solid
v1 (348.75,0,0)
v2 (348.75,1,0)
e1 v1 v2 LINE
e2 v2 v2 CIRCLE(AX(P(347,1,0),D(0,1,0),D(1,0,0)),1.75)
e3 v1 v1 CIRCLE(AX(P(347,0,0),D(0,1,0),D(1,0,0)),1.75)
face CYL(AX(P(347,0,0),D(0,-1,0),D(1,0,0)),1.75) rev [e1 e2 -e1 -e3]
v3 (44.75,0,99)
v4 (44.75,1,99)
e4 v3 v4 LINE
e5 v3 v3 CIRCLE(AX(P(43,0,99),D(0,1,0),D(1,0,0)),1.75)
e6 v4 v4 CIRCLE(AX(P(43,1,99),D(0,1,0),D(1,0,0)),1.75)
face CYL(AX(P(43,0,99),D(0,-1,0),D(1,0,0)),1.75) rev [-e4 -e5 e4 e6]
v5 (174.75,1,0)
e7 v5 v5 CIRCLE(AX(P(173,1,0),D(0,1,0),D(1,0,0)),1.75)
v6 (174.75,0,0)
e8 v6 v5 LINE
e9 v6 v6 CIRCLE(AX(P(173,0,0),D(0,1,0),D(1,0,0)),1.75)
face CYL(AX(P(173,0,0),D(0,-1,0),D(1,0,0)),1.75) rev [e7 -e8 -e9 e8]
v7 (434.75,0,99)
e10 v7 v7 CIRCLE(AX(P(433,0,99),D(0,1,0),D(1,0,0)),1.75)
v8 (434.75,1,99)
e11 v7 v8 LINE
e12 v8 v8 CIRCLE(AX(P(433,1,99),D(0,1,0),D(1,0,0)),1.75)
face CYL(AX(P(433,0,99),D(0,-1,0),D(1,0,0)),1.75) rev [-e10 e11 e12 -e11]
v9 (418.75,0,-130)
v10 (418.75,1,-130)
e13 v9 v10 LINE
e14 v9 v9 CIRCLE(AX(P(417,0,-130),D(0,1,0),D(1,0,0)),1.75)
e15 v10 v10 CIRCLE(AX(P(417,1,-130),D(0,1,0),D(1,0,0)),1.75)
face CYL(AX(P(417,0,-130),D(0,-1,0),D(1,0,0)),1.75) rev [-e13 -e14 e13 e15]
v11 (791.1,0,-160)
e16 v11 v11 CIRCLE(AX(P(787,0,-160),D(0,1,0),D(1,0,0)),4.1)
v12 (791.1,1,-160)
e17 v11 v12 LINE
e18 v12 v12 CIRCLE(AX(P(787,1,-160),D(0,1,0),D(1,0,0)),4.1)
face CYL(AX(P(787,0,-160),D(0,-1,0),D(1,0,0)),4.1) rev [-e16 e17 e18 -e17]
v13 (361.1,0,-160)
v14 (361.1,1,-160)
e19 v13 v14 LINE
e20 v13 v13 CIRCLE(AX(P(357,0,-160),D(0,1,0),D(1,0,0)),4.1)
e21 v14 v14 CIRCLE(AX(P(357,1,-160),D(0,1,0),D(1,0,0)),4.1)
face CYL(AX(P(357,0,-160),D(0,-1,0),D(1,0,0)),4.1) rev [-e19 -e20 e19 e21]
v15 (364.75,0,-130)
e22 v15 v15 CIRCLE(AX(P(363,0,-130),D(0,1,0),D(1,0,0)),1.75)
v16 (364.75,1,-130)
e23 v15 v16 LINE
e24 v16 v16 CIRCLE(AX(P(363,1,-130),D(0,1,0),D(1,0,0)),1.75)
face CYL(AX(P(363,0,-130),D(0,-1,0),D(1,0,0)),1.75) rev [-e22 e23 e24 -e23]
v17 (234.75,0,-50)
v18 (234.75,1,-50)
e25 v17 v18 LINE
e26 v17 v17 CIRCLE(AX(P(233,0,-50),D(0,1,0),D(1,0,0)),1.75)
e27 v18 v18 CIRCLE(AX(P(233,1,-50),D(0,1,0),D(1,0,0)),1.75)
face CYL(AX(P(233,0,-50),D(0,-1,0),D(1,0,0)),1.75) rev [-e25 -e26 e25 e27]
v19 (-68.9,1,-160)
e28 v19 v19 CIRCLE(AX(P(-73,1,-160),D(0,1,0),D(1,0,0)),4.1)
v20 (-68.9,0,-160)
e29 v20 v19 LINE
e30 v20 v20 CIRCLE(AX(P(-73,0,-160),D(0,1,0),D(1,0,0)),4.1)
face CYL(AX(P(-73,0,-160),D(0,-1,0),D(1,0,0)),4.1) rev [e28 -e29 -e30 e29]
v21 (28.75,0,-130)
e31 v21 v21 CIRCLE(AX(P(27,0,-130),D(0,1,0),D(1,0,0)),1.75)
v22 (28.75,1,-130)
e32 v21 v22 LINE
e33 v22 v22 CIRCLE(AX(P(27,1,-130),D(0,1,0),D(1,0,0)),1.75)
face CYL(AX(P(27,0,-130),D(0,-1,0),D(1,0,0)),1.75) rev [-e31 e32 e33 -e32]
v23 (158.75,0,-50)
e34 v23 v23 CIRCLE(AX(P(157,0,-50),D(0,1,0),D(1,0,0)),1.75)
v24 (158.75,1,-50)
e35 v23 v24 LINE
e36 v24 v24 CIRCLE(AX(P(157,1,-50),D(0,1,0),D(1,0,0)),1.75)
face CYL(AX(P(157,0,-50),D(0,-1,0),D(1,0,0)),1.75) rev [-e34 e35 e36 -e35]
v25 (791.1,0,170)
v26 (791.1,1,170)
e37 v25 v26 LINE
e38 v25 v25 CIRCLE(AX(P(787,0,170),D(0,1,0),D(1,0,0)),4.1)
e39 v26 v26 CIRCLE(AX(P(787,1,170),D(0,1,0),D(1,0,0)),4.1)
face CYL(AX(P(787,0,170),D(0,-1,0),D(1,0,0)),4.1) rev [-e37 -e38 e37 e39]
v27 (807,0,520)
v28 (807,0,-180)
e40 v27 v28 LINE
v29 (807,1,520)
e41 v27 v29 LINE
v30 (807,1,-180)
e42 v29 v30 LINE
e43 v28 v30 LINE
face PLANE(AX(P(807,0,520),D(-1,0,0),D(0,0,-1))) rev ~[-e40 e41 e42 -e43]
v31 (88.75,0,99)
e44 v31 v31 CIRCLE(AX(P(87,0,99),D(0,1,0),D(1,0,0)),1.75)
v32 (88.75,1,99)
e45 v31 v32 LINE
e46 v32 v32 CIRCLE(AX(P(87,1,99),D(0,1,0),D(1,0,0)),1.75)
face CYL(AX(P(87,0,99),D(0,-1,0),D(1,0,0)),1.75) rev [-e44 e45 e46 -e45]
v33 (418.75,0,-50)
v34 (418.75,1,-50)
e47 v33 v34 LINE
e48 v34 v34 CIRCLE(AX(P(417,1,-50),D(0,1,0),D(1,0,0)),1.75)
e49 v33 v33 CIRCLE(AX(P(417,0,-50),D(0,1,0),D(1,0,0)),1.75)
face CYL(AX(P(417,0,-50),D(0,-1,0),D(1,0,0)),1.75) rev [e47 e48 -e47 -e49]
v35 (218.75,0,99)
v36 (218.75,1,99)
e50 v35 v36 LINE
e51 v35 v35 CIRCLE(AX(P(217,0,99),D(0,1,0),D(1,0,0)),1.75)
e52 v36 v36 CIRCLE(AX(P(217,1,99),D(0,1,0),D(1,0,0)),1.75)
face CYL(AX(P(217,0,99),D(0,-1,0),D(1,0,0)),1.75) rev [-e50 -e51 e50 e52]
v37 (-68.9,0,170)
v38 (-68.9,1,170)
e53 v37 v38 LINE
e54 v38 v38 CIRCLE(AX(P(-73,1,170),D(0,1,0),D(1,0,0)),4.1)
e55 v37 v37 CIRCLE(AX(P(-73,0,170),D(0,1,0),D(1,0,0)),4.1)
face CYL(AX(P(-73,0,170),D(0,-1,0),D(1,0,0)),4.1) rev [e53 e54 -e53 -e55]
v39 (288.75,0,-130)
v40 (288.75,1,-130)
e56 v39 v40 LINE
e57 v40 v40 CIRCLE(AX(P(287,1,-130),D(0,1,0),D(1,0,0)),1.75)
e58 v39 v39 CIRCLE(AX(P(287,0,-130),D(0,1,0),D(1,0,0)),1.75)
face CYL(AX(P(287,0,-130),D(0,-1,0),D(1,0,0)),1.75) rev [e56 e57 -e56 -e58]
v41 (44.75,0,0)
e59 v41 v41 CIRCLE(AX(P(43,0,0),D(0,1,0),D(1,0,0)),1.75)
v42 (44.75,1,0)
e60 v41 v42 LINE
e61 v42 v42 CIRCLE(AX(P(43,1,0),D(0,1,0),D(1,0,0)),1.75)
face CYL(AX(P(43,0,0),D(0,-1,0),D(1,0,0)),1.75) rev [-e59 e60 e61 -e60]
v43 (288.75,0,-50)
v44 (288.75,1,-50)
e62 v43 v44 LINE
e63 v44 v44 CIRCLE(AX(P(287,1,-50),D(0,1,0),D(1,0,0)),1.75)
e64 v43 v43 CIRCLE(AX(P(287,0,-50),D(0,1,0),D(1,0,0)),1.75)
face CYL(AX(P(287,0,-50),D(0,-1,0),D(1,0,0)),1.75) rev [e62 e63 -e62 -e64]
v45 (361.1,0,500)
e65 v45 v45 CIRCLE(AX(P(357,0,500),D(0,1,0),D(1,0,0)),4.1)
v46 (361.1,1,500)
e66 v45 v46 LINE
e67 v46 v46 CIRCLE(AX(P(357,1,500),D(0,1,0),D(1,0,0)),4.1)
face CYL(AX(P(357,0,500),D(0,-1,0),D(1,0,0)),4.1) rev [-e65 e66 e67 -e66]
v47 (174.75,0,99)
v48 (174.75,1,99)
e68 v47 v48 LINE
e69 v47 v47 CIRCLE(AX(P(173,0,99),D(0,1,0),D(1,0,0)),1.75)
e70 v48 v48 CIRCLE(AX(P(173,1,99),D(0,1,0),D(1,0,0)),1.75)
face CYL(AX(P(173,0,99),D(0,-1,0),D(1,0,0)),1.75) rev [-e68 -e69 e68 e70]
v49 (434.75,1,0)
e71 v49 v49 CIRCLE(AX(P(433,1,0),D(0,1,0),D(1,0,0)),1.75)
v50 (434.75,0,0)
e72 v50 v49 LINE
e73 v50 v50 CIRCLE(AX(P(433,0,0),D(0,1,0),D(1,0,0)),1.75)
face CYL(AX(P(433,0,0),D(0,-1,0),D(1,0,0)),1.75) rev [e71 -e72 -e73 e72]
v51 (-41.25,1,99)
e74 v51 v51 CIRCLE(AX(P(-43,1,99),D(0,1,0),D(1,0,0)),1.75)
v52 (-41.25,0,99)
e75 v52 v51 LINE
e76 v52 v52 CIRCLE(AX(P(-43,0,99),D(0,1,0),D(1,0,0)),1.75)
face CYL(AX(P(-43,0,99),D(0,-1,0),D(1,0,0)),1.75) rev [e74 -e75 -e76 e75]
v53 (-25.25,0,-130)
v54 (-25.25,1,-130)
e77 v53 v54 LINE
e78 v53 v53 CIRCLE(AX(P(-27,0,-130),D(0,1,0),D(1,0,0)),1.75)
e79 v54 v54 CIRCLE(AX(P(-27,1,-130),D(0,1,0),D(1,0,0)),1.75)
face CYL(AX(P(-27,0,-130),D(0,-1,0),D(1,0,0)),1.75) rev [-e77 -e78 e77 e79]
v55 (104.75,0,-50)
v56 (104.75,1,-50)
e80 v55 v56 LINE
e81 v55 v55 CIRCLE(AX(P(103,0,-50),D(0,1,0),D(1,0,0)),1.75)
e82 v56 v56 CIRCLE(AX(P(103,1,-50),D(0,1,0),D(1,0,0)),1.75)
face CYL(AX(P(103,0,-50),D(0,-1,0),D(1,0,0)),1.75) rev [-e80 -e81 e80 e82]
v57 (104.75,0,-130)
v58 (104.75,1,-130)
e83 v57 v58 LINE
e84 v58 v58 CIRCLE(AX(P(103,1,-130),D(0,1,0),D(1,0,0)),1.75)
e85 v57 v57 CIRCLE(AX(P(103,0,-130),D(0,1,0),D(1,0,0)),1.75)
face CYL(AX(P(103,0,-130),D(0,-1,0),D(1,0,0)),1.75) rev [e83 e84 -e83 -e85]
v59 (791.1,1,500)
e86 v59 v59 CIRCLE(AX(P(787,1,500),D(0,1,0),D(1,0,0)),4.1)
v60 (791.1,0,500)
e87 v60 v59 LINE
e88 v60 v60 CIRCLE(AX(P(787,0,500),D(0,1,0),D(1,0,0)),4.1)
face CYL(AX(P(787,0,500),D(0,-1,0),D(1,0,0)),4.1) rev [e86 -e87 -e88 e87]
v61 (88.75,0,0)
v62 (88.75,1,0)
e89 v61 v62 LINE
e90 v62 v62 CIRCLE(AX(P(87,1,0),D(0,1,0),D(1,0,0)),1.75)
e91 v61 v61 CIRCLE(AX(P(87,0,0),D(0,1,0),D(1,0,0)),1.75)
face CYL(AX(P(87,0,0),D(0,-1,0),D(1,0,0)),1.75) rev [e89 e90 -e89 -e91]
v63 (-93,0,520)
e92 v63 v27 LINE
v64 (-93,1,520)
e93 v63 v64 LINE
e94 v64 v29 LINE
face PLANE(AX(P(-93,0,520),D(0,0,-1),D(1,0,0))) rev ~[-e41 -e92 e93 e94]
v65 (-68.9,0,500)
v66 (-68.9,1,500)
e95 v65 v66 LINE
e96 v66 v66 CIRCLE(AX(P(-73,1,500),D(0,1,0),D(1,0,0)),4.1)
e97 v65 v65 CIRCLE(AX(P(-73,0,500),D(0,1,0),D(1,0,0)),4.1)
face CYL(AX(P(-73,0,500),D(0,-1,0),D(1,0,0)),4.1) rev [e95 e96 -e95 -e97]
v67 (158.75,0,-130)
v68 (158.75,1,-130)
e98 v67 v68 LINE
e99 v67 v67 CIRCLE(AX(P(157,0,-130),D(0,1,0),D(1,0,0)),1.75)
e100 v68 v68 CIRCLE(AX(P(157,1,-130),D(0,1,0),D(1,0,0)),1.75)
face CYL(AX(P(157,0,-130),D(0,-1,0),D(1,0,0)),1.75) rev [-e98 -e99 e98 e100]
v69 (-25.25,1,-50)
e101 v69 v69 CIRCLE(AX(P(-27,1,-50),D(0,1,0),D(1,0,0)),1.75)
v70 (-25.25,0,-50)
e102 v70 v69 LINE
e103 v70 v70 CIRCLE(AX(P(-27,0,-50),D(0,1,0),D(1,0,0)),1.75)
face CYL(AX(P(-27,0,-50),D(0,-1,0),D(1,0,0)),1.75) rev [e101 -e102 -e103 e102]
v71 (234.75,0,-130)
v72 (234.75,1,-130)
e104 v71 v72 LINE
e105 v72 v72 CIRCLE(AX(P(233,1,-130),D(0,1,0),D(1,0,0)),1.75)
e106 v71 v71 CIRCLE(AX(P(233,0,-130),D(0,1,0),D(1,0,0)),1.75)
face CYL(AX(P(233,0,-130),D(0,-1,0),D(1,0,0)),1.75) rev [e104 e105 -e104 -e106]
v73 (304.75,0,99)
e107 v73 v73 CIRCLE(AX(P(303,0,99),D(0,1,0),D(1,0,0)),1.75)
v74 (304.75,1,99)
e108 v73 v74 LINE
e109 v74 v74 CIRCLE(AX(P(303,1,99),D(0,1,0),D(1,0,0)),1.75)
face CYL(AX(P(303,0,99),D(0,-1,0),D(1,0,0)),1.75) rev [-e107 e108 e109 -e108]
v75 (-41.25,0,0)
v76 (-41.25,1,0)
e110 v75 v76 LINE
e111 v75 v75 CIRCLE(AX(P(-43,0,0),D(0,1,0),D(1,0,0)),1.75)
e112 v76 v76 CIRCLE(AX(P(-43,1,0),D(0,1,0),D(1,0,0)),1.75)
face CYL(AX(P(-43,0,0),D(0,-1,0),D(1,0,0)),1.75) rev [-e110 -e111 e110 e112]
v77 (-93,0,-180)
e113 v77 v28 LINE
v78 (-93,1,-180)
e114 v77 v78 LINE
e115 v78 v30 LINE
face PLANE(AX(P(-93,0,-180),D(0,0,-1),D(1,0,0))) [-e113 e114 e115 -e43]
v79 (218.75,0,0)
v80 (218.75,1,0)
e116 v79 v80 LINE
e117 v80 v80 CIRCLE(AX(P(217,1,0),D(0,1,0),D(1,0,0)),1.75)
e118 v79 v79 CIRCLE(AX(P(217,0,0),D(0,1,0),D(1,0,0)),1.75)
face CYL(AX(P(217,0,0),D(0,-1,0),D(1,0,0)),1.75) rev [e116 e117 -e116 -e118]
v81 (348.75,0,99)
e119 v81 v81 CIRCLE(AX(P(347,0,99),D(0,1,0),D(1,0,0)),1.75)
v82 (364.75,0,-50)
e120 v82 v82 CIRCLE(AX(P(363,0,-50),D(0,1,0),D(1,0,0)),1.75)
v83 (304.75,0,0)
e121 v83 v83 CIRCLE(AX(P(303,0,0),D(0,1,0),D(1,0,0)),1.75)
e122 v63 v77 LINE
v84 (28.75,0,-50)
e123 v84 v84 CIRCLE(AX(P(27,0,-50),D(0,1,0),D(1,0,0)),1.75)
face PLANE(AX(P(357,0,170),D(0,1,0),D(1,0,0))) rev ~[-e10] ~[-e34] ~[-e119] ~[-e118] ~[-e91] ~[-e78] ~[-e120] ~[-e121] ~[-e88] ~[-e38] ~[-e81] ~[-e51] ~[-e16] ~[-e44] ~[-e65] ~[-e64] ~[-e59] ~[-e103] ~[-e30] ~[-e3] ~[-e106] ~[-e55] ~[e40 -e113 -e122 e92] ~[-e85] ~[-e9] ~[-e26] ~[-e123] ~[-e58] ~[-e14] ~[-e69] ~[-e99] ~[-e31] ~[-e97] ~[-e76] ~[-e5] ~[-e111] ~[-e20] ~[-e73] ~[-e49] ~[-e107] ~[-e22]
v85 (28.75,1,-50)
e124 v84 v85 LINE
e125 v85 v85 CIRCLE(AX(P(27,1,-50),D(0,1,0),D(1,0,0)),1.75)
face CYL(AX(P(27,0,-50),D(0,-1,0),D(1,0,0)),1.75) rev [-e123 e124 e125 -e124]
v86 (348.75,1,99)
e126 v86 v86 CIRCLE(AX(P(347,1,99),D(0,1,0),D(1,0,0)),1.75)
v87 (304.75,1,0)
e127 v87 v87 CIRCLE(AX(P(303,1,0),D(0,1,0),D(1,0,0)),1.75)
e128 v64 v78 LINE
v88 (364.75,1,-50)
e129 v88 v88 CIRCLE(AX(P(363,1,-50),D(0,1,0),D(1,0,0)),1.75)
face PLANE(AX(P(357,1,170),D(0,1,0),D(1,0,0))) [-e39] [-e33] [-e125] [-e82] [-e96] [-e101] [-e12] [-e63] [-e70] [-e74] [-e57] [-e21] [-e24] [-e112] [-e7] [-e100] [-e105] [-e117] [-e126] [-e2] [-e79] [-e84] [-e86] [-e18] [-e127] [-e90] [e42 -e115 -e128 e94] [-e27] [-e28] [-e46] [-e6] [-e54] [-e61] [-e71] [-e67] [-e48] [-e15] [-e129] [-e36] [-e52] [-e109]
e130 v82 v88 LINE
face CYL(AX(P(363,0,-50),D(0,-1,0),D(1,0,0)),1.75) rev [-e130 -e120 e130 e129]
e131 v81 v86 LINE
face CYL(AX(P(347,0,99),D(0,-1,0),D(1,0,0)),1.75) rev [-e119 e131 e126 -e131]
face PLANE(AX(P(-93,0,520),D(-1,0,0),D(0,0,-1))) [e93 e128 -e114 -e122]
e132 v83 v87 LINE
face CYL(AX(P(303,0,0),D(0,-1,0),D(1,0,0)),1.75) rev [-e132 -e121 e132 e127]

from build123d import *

# Parameters (mm, degrees)
SKETCH1_W           = 900
SKETCH1_H           = 700
SKETCH1_R           = 1.75
SKETCH1_R_2         = 4.1
BOSS_EXTRUDE1_DEPTH = 1


with BuildPart() as part:
    # Sketch1 → Boss-Extrude1 (new body)
    with BuildSketch(Plane(origin=(0, 0, 0), x_dir=(1, 0, 0), z_dir=(0, 1, 0))):
        with Locations((357, -170)):
            Rectangle(SKETCH1_W, SKETCH1_H)
        with Locations((-27, 130)):
            Circle(SKETCH1_R, mode=Mode.SUBTRACT)
        with Locations((27, 130)):
            Circle(SKETCH1_R, mode=Mode.SUBTRACT)
        with Locations((27, 50)):
            Circle(SKETCH1_R, mode=Mode.SUBTRACT)
        with Locations((-27, 50)):
            Circle(SKETCH1_R, mode=Mode.SUBTRACT)
        with Locations((-43, 0)):
            Circle(SKETCH1_R, mode=Mode.SUBTRACT)
        with Locations((43, 0)):
            Circle(SKETCH1_R, mode=Mode.SUBTRACT)
        with Locations((43, -99)):
            Circle(SKETCH1_R, mode=Mode.SUBTRACT)
        with Locations((-43, -99)):
            Circle(SKETCH1_R, mode=Mode.SUBTRACT)
        with Locations((103, 130)):
            Circle(SKETCH1_R, mode=Mode.SUBTRACT)
        with Locations((157, 130)):
            Circle(SKETCH1_R, mode=Mode.SUBTRACT)
        with Locations((157, 50)):
            Circle(SKETCH1_R, mode=Mode.SUBTRACT)
        with Locations((103, 50)):
            Circle(SKETCH1_R, mode=Mode.SUBTRACT)
        with Locations((87, 0)):
            Circle(SKETCH1_R, mode=Mode.SUBTRACT)
        with Locations((173, 0)):
            Circle(SKETCH1_R, mode=Mode.SUBTRACT)
        with Locations((173, -99)):
            Circle(SKETCH1_R, mode=Mode.SUBTRACT)
        with Locations((87, -99)):
            Circle(SKETCH1_R, mode=Mode.SUBTRACT)
        with Locations((233, 130)):
            Circle(SKETCH1_R, mode=Mode.SUBTRACT)
        with Locations((287, 130)):
            Circle(SKETCH1_R, mode=Mode.SUBTRACT)
        with Locations((287, 50)):
            Circle(SKETCH1_R, mode=Mode.SUBTRACT)
        with Locations((233, 50)):
            Circle(SKETCH1_R, mode=Mode.SUBTRACT)
        with Locations((217, 0)):
            Circle(SKETCH1_R, mode=Mode.SUBTRACT)
        with Locations((303, 0)):
            Circle(SKETCH1_R, mode=Mode.SUBTRACT)
        with Locations((303, -99)):
            Circle(SKETCH1_R, mode=Mode.SUBTRACT)
        with Locations((217, -99)):
            Circle(SKETCH1_R, mode=Mode.SUBTRACT)
        with Locations((363, 130)):
            Circle(SKETCH1_R, mode=Mode.SUBTRACT)
        with Locations((417, 130)):
            Circle(SKETCH1_R, mode=Mode.SUBTRACT)
        with Locations((417, 50)):
            Circle(SKETCH1_R, mode=Mode.SUBTRACT)
        with Locations((363, 50)):
            Circle(SKETCH1_R, mode=Mode.SUBTRACT)
        with Locations((347, 0)):
            Circle(SKETCH1_R, mode=Mode.SUBTRACT)
        with Locations((433, 0)):
            Circle(SKETCH1_R, mode=Mode.SUBTRACT)
        with Locations((433, -99)):
            Circle(SKETCH1_R, mode=Mode.SUBTRACT)
        with Locations((347, -99)):
            Circle(SKETCH1_R, mode=Mode.SUBTRACT)
        with Locations((-73, 160)):
            Circle(SKETCH1_R_2, mode=Mode.SUBTRACT)
        with Locations((787, 160)):
            Circle(SKETCH1_R_2, mode=Mode.SUBTRACT)
        with Locations((787, -500)):
            Circle(SKETCH1_R_2, mode=Mode.SUBTRACT)
        with Locations((-73, -500)):
            Circle(SKETCH1_R_2, mode=Mode.SUBTRACT)
        with Locations((-73, -170)):
            Circle(SKETCH1_R_2, mode=Mode.SUBTRACT)
        with Locations((357, 160)):
            Circle(SKETCH1_R_2, mode=Mode.SUBTRACT)
        with Locations((787, -170)):
            Circle(SKETCH1_R_2, mode=Mode.SUBTRACT)
        with Locations((357, -500)):
            Circle(SKETCH1_R_2, mode=Mode.SUBTRACT)
    extrude(amount=BOSS_EXTRUDE1_DEPTH)


solid = part.part
